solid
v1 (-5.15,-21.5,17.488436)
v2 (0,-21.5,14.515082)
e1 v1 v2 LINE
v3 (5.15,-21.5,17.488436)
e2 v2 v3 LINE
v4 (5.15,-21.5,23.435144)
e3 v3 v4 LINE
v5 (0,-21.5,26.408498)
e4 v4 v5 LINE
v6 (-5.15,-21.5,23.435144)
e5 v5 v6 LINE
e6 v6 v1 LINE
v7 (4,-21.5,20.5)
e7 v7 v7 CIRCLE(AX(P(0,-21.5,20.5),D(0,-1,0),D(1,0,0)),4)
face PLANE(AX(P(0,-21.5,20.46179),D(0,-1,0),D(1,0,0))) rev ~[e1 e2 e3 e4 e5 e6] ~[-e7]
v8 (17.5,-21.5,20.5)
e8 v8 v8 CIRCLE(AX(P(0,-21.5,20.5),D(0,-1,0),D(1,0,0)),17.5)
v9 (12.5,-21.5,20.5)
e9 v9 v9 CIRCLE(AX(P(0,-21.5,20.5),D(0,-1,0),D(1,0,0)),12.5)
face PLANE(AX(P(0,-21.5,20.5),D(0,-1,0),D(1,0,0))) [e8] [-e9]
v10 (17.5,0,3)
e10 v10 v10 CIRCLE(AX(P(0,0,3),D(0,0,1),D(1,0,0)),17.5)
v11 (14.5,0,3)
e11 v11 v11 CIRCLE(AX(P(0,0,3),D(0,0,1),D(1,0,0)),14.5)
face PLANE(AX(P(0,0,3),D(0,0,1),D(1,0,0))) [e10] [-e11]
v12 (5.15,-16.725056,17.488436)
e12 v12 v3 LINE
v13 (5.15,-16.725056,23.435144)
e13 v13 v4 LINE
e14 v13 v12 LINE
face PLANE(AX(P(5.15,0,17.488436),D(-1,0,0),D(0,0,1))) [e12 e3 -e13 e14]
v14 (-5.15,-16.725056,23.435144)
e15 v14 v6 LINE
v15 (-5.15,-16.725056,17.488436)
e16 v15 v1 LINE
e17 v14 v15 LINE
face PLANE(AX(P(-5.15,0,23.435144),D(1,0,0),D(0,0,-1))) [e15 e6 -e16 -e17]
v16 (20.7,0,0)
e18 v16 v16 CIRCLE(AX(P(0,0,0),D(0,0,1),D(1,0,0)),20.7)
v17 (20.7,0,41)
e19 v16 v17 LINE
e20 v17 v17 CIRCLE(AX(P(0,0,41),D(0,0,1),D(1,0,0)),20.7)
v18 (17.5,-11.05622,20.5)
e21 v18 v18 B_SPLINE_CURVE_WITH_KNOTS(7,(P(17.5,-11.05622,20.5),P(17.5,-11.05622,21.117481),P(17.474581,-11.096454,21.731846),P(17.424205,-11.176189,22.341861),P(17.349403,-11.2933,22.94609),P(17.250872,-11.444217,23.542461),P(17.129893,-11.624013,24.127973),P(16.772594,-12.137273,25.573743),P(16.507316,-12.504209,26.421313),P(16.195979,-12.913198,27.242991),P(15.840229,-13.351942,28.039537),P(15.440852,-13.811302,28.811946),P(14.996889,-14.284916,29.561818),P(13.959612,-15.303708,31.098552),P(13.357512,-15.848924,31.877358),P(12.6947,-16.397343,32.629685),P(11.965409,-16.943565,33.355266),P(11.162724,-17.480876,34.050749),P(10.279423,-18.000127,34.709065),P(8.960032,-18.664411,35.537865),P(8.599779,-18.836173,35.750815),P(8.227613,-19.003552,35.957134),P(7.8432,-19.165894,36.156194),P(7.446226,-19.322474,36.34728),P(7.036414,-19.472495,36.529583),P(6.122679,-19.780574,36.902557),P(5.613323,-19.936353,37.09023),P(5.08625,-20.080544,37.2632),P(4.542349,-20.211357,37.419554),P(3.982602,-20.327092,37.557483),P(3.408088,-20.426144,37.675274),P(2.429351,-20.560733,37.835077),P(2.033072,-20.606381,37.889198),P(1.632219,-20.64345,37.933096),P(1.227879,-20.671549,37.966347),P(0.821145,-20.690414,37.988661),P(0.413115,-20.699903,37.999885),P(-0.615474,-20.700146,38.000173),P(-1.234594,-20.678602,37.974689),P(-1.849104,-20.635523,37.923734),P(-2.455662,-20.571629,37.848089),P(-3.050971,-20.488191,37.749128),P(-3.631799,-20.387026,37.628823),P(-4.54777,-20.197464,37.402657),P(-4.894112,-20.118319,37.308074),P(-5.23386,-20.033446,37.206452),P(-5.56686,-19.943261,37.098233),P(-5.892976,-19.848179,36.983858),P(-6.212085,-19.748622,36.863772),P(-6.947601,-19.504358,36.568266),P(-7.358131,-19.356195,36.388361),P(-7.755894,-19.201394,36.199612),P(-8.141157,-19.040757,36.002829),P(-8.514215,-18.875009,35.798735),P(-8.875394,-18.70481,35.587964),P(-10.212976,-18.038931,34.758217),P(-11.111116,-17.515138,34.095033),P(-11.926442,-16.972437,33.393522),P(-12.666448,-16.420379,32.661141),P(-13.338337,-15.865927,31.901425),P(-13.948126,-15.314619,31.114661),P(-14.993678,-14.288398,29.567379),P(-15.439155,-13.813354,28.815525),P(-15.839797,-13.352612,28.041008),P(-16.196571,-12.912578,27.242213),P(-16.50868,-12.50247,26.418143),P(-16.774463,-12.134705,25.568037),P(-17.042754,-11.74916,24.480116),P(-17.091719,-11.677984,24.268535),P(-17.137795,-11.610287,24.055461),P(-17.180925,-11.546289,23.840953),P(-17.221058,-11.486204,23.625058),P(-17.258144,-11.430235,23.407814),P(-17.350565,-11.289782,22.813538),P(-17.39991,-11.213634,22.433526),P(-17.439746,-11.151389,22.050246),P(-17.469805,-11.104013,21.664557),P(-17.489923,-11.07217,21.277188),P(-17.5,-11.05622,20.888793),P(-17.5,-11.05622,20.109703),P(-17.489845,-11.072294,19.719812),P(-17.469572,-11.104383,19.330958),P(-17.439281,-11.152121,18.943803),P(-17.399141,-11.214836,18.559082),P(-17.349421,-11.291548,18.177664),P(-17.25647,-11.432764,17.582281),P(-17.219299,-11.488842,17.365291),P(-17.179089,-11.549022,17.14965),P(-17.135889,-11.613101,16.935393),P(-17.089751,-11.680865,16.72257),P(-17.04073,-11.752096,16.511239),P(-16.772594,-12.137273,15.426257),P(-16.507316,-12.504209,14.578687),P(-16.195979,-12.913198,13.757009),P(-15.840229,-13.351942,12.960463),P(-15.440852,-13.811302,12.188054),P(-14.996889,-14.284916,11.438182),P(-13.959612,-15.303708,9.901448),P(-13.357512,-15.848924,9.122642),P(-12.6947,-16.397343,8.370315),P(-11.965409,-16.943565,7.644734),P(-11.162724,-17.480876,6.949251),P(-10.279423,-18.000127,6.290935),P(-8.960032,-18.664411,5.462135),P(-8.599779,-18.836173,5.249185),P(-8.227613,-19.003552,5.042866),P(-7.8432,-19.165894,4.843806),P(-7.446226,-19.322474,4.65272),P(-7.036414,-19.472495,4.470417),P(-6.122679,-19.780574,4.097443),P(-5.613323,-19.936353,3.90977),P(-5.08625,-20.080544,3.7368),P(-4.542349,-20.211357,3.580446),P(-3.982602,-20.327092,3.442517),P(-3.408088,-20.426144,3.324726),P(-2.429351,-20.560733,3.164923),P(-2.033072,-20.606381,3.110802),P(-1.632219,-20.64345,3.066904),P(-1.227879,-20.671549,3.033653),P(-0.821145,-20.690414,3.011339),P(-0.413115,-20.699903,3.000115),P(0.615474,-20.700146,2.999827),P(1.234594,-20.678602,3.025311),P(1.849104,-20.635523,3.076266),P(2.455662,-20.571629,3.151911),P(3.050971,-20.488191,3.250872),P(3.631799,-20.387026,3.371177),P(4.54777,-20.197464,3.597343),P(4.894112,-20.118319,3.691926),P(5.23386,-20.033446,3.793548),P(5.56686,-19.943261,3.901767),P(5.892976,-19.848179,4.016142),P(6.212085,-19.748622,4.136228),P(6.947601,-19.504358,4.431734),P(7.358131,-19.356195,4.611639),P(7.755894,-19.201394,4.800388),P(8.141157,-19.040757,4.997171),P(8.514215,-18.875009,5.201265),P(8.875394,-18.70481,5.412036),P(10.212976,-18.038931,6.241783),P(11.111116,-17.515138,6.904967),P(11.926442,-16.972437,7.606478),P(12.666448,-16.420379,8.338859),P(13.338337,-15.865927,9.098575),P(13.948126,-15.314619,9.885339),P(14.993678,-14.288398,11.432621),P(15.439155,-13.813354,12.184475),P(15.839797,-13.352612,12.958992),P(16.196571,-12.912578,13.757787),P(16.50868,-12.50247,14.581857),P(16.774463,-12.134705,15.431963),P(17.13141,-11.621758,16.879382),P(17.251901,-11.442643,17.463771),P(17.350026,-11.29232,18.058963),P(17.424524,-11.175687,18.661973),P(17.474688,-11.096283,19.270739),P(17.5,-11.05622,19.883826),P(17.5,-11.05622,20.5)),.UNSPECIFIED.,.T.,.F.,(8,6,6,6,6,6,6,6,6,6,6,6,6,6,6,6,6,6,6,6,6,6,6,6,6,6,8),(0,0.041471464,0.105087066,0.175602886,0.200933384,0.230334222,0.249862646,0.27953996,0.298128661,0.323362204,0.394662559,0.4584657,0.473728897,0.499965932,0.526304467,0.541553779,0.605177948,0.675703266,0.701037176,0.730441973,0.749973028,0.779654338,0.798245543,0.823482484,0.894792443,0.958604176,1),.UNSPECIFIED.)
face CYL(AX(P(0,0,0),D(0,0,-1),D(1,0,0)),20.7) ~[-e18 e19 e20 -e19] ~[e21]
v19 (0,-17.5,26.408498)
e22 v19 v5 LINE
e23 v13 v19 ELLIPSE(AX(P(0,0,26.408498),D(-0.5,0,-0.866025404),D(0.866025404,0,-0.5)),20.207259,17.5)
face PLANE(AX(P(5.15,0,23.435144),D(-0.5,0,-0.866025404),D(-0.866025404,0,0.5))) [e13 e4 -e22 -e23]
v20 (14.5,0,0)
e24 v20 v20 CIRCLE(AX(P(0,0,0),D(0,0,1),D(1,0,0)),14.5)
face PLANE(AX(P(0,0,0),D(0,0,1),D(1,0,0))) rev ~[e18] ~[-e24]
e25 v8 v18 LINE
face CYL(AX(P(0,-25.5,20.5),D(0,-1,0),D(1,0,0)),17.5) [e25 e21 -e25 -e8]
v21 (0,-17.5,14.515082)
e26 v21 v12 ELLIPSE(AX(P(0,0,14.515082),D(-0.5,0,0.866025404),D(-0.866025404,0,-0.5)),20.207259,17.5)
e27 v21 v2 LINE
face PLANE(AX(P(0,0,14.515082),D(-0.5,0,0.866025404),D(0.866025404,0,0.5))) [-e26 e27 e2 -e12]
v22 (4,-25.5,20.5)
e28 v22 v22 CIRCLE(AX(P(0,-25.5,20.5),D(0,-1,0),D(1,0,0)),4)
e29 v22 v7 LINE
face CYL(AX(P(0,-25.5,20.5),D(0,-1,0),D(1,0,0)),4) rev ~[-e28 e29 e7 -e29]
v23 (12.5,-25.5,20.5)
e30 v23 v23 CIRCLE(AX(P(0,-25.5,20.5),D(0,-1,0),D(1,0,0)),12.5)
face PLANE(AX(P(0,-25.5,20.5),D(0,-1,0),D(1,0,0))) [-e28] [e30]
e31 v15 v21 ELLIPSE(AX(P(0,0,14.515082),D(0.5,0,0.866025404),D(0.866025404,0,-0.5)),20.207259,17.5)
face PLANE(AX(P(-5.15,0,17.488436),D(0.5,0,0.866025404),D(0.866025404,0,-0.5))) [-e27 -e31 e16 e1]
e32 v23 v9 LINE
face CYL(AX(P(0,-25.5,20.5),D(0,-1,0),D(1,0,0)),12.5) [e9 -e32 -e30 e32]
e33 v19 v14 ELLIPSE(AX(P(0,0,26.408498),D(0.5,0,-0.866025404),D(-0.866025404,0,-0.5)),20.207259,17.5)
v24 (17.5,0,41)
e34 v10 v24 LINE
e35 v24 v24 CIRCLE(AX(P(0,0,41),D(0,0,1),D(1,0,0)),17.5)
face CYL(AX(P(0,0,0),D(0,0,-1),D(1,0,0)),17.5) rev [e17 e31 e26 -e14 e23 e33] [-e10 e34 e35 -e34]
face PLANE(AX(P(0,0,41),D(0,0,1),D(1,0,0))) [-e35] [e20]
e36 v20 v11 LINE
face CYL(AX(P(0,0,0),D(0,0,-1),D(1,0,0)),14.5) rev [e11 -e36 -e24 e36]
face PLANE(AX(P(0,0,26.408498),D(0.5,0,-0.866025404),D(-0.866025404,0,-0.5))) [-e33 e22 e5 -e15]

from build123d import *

# Parameters (mm, degrees)
F0_R     = 20.7
F0_R_2   = 17.5
F1_DEPTH = 41
F0_R_3   = 14.5
F2_DEPTH = 3
F4_R     = 17.5
F4_R_2   = 12.5
F4_R_3   = 4
F6_DEPTH = 4
F7_DEPTH = 25
F9_DEPTH = 21.5


with BuildPart() as f1:
    # F0 (on Top) → F1 (new body)
    with BuildSketch(Plane.XY):
        Circle(F0_R)
        Circle(F0_R_2, mode=Mode.SUBTRACT)
    extrude(amount=F1_DEPTH)

    # F0 (on Top) → F2 (join)
    with BuildSketch(Plane.XY):
        Circle(F0_R_2)
        Circle(F0_R_3, mode=Mode.SUBTRACT)
    extrude(amount=F2_DEPTH)

    # F4 (on offset) → F5 (join, up to the next surface of F1)
    with BuildSketch(Plane.XZ.offset(25.5)):
        with Locations((0, 20.5)):
            Circle(F4_R)
        with Locations((0, 20.5)):
            Circle(F4_R_2, mode=Mode.SUBTRACT)
        with Locations((0, 20.5)):
            Circle(F4_R_2)
        with Locations((0, 20.5)):
            Circle(F4_R_3, mode=Mode.SUBTRACT)
    extrude(until=Until.NEXT, dir=(0, 1, 0))

    # F4 (on offset) → F6 (cut)
    with BuildSketch(Plane.XZ.offset(25.5)):
        with Locations((0, 20.5)):
            Circle(F4_R)
        with Locations((0, 20.5)):
            Circle(F4_R_2, mode=Mode.SUBTRACT)
    extrude(amount=-F6_DEPTH, mode=Mode.SUBTRACT)

    # F4 (on offset) → F7 (cut)
    with BuildSketch(Plane.XZ.offset(25.5)):
        with Locations((0, 20.5)):
            Circle(F4_R_3)
    extrude(amount=-F7_DEPTH, mode=Mode.SUBTRACT)

    # F8 (on Front) → F9 (cut, through all)
    with BuildSketch(Plane.XZ):
        Polygon((5.15, 23.43514415), (0, 26.4084980363), (-5.15, 23.43514415), (-5.15, 17.4884363773), (0, 14.515082491), (5.15, 17.4884363773), align=None)
    extrude(amount=F9_DEPTH, mode=Mode.SUBTRACT)


solid = f1.part
